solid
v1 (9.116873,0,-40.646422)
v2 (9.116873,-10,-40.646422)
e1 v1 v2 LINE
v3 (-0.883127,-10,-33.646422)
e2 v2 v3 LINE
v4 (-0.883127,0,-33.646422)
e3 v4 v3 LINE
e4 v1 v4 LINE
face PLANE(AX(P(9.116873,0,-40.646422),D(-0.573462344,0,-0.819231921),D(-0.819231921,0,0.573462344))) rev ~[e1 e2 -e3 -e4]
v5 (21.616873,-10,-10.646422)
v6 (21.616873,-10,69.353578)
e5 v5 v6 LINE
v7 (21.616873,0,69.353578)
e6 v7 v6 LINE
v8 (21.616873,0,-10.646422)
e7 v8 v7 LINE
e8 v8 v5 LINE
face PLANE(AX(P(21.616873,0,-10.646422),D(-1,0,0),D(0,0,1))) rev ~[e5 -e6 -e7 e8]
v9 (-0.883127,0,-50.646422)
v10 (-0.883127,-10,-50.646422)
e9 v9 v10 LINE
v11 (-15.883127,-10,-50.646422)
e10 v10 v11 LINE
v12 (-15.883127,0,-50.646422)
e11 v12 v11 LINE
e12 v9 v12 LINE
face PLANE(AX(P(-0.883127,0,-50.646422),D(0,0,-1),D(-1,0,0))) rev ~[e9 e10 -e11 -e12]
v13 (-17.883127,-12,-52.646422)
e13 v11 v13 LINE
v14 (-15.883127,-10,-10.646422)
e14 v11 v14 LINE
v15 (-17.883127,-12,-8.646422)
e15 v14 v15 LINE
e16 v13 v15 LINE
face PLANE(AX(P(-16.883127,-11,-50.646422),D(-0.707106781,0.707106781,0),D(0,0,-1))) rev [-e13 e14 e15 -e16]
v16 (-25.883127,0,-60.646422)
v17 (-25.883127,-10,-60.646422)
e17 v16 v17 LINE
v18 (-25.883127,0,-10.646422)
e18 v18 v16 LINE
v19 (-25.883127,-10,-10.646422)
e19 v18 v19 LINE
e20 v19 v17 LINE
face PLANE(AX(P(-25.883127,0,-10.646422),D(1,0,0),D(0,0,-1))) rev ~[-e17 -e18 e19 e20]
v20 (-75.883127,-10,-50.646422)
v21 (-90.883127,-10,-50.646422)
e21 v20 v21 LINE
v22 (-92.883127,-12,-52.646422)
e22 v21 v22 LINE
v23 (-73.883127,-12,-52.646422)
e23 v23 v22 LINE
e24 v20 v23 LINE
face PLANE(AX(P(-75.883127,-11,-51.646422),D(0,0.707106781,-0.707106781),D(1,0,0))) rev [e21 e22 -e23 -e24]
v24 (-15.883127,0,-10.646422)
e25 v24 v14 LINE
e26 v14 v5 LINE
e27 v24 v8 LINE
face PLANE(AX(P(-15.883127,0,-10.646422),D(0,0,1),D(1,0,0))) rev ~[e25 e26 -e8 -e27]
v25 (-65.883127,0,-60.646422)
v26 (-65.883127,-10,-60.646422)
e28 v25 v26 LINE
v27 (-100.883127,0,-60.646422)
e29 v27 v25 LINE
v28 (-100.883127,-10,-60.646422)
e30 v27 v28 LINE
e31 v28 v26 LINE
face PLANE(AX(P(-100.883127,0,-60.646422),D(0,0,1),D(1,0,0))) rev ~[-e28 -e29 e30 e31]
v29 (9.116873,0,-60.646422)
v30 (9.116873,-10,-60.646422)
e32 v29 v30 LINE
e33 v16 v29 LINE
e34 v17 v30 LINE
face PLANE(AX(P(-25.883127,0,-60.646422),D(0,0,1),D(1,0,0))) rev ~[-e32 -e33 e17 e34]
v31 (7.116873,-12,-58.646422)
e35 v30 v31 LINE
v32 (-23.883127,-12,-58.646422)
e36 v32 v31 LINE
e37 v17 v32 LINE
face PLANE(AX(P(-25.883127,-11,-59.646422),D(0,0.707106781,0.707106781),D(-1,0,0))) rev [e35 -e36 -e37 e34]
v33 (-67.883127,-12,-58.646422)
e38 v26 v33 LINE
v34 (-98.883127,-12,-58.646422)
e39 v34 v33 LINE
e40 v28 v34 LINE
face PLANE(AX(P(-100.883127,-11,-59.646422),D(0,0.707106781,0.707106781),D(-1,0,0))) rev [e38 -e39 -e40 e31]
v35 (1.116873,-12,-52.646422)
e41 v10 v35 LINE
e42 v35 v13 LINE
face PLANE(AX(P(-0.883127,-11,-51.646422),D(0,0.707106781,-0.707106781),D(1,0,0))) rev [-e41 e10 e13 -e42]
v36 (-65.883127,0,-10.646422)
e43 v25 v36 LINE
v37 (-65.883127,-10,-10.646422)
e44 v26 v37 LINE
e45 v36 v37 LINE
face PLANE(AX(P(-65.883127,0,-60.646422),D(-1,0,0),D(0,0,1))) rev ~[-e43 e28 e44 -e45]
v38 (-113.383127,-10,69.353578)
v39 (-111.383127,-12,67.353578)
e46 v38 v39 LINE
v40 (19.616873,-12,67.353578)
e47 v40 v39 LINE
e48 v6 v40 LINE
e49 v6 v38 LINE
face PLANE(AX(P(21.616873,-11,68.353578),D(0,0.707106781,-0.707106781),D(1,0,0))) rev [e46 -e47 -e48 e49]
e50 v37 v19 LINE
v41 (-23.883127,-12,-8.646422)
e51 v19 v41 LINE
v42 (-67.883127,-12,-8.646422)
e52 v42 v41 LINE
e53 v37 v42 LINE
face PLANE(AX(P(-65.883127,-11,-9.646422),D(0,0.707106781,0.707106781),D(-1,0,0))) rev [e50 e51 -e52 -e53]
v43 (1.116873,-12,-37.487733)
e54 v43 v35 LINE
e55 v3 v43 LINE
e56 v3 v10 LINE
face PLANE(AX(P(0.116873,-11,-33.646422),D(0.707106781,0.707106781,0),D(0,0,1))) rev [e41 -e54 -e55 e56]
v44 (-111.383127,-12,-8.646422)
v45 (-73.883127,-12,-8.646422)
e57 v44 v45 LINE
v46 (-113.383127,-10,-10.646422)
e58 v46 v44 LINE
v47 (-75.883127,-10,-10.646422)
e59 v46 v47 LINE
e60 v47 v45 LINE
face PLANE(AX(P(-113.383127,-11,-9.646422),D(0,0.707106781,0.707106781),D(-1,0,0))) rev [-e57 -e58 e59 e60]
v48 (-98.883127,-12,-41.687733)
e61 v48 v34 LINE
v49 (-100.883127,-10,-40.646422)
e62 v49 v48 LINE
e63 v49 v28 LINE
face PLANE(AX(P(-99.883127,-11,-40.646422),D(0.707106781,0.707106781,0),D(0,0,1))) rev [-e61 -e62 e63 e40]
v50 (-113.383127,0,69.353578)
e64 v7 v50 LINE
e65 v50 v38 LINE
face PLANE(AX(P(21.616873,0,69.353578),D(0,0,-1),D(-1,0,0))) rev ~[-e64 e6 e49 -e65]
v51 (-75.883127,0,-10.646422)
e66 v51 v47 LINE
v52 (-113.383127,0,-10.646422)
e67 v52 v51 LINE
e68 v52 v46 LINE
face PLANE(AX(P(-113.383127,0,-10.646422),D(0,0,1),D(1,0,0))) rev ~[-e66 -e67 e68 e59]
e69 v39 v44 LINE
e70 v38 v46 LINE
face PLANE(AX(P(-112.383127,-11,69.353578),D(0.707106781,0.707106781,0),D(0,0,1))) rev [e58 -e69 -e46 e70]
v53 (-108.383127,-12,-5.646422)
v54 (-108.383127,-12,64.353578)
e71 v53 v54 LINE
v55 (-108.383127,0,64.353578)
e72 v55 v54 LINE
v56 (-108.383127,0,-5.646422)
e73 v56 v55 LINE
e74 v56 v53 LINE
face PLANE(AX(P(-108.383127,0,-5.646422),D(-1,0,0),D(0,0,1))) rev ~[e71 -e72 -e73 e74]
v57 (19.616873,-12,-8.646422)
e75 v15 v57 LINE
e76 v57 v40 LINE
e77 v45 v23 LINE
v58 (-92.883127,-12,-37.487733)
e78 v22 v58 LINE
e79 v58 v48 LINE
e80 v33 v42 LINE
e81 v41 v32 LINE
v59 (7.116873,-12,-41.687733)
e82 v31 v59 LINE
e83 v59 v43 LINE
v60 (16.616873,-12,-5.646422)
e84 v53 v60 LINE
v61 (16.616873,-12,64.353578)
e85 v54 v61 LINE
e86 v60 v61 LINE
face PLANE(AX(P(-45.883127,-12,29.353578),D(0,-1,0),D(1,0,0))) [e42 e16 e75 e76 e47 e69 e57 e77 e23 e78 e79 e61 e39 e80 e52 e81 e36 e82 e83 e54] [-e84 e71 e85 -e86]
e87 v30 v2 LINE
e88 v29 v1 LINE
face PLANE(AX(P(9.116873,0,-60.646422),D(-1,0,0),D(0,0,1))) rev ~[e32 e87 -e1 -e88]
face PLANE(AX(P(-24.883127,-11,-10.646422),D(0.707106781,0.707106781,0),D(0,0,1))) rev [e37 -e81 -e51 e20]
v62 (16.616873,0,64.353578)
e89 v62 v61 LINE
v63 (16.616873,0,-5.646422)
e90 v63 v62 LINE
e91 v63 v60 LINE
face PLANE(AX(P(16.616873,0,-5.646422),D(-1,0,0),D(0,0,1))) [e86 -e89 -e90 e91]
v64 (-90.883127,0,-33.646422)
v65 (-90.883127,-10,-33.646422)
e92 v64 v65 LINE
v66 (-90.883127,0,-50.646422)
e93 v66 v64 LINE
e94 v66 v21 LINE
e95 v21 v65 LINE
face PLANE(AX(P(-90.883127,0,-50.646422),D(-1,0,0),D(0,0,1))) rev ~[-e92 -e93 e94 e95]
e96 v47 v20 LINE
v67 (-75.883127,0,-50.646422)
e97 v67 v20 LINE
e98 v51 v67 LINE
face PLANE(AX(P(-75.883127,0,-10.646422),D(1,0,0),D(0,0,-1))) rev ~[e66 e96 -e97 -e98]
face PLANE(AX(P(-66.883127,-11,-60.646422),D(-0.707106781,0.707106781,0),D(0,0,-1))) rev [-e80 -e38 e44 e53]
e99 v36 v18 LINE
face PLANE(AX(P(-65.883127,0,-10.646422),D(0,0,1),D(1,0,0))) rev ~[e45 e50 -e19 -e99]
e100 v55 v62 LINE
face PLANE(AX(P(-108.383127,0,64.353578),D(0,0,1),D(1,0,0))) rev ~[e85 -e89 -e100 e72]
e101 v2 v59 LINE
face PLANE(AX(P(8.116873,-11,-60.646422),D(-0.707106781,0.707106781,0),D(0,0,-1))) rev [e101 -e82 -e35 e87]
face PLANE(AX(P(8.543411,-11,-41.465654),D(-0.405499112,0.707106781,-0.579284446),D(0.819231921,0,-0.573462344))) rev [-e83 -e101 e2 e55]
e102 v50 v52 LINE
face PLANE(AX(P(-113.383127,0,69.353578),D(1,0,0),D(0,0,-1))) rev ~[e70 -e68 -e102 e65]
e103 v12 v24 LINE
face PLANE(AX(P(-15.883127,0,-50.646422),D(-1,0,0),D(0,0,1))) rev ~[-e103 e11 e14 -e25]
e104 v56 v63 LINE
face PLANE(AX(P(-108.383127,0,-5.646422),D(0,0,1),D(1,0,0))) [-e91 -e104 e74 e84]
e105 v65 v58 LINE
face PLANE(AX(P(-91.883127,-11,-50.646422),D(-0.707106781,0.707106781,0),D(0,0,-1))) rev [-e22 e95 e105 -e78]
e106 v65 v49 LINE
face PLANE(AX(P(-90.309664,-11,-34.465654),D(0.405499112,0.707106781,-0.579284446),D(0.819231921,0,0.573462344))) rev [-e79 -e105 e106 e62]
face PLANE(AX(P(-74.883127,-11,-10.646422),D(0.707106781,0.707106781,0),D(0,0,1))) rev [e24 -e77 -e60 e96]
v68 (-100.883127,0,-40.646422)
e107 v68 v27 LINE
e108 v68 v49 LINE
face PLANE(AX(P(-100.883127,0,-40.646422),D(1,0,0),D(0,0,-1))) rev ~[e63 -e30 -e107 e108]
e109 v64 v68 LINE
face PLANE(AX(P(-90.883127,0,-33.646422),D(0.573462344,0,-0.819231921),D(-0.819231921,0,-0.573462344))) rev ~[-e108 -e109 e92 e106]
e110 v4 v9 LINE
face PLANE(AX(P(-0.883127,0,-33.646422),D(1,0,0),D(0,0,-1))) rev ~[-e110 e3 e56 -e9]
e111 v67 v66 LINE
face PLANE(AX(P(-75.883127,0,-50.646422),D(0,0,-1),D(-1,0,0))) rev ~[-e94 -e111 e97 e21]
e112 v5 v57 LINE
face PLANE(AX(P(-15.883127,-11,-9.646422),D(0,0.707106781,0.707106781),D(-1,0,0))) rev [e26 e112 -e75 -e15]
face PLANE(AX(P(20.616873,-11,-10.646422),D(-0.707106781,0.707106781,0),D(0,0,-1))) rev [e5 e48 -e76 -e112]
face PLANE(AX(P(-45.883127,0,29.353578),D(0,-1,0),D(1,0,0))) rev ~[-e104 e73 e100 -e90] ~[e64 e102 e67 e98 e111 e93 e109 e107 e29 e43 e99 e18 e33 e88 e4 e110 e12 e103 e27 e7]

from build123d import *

# Parameters (mm, degrees)
F0_W     = 125
F0_H     = 70
F1_DEPTH = 12
F2_SIZE  = 2


with BuildPart() as f1:
    # F0 (on Front) → F1 (new body)
    with BuildSketch(Plane.XZ):
        Polygon((21.6168733004, 69.3535781093), (-113.3831266996, 69.3535781093), (-113.3831266996, -10.6464218907), (-75.8831266996, -10.6464218907), (-65.8831266996, -10.6464218907), (-25.8831266996, -10.6464218907), (-15.8831266996, -10.6464218907), (21.6168733004, -10.6464218907), align=None)
        with Locations((-45.8831266996, 29.3535781093)):
            Rectangle(F0_W, F0_H, mode=Mode.SUBTRACT)
        Polygon((-65.8831266996, -10.6464218907), (-75.8831266996, -10.6464218907), (-75.8831266996, -50.6464218907), (-90.8831266996, -50.6464218907), (-90.8831266996, -40.6464218907), (-100.8831266996, -40.6464218907), (-100.8831266996, -60.6464218907), (-65.8831266996, -60.6464218907), align=None)
        Polygon((-15.8831266996, -50.6464218907), (-15.8831266996, -10.6464218907), (-25.8831266996, -10.6464218907), (-25.8831266996, -60.6464218907), (9.1168733004, -60.6464218907), (9.1168733004, -40.6464218907), (-0.8831266996, -40.6464218907), (-0.8831266996, -50.6464218907), align=None)
        Polygon((-100.8831266996, -40.6464218907), (-90.8831266996, -40.6464218907), (-90.8831266996, -33.6464218907), align=None)
        Polygon((-0.8831266996, -33.6464218907), (-0.8831266996, -40.6464218907), (9.1168733004, -40.6464218907), align=None)
    extrude(amount=F1_DEPTH)

    # F2
    f2_edges = [f1.edges().sort_by_distance(p)[0] for p in [
        (21.616873, -12, 29.353578),
        (-45.883127, -12, 69.353578),
        (-113.383127, -12, 29.353578),
        (-94.633127, -12, -10.646422),
        (-75.883127, -12, -30.646422),
        (-83.383127, -12, -50.646422),
        (-90.883127, -12, -42.146422),
        (-95.883127, -12, -37.146422),
        (-100.883127, -12, -50.646422),
        (-83.383127, -12, -60.646422),
        (-65.883127, -12, -35.646422),
        (-45.883127, -12, -10.646422),
        (-25.883127, -12, -35.646422),
        (-8.383127, -12, -60.646422),
        (9.116873, -12, -50.646422),
        (4.116873, -12, -37.146422),
        (-0.883127, -12, -42.146422),
        (-8.383127, -12, -50.646422),
        (-15.883127, -12, -30.646422),
        (2.866873, -12, -10.646422),
    ]]
    chamfer(f2_edges, length=F2_SIZE)


solid = f1.part
